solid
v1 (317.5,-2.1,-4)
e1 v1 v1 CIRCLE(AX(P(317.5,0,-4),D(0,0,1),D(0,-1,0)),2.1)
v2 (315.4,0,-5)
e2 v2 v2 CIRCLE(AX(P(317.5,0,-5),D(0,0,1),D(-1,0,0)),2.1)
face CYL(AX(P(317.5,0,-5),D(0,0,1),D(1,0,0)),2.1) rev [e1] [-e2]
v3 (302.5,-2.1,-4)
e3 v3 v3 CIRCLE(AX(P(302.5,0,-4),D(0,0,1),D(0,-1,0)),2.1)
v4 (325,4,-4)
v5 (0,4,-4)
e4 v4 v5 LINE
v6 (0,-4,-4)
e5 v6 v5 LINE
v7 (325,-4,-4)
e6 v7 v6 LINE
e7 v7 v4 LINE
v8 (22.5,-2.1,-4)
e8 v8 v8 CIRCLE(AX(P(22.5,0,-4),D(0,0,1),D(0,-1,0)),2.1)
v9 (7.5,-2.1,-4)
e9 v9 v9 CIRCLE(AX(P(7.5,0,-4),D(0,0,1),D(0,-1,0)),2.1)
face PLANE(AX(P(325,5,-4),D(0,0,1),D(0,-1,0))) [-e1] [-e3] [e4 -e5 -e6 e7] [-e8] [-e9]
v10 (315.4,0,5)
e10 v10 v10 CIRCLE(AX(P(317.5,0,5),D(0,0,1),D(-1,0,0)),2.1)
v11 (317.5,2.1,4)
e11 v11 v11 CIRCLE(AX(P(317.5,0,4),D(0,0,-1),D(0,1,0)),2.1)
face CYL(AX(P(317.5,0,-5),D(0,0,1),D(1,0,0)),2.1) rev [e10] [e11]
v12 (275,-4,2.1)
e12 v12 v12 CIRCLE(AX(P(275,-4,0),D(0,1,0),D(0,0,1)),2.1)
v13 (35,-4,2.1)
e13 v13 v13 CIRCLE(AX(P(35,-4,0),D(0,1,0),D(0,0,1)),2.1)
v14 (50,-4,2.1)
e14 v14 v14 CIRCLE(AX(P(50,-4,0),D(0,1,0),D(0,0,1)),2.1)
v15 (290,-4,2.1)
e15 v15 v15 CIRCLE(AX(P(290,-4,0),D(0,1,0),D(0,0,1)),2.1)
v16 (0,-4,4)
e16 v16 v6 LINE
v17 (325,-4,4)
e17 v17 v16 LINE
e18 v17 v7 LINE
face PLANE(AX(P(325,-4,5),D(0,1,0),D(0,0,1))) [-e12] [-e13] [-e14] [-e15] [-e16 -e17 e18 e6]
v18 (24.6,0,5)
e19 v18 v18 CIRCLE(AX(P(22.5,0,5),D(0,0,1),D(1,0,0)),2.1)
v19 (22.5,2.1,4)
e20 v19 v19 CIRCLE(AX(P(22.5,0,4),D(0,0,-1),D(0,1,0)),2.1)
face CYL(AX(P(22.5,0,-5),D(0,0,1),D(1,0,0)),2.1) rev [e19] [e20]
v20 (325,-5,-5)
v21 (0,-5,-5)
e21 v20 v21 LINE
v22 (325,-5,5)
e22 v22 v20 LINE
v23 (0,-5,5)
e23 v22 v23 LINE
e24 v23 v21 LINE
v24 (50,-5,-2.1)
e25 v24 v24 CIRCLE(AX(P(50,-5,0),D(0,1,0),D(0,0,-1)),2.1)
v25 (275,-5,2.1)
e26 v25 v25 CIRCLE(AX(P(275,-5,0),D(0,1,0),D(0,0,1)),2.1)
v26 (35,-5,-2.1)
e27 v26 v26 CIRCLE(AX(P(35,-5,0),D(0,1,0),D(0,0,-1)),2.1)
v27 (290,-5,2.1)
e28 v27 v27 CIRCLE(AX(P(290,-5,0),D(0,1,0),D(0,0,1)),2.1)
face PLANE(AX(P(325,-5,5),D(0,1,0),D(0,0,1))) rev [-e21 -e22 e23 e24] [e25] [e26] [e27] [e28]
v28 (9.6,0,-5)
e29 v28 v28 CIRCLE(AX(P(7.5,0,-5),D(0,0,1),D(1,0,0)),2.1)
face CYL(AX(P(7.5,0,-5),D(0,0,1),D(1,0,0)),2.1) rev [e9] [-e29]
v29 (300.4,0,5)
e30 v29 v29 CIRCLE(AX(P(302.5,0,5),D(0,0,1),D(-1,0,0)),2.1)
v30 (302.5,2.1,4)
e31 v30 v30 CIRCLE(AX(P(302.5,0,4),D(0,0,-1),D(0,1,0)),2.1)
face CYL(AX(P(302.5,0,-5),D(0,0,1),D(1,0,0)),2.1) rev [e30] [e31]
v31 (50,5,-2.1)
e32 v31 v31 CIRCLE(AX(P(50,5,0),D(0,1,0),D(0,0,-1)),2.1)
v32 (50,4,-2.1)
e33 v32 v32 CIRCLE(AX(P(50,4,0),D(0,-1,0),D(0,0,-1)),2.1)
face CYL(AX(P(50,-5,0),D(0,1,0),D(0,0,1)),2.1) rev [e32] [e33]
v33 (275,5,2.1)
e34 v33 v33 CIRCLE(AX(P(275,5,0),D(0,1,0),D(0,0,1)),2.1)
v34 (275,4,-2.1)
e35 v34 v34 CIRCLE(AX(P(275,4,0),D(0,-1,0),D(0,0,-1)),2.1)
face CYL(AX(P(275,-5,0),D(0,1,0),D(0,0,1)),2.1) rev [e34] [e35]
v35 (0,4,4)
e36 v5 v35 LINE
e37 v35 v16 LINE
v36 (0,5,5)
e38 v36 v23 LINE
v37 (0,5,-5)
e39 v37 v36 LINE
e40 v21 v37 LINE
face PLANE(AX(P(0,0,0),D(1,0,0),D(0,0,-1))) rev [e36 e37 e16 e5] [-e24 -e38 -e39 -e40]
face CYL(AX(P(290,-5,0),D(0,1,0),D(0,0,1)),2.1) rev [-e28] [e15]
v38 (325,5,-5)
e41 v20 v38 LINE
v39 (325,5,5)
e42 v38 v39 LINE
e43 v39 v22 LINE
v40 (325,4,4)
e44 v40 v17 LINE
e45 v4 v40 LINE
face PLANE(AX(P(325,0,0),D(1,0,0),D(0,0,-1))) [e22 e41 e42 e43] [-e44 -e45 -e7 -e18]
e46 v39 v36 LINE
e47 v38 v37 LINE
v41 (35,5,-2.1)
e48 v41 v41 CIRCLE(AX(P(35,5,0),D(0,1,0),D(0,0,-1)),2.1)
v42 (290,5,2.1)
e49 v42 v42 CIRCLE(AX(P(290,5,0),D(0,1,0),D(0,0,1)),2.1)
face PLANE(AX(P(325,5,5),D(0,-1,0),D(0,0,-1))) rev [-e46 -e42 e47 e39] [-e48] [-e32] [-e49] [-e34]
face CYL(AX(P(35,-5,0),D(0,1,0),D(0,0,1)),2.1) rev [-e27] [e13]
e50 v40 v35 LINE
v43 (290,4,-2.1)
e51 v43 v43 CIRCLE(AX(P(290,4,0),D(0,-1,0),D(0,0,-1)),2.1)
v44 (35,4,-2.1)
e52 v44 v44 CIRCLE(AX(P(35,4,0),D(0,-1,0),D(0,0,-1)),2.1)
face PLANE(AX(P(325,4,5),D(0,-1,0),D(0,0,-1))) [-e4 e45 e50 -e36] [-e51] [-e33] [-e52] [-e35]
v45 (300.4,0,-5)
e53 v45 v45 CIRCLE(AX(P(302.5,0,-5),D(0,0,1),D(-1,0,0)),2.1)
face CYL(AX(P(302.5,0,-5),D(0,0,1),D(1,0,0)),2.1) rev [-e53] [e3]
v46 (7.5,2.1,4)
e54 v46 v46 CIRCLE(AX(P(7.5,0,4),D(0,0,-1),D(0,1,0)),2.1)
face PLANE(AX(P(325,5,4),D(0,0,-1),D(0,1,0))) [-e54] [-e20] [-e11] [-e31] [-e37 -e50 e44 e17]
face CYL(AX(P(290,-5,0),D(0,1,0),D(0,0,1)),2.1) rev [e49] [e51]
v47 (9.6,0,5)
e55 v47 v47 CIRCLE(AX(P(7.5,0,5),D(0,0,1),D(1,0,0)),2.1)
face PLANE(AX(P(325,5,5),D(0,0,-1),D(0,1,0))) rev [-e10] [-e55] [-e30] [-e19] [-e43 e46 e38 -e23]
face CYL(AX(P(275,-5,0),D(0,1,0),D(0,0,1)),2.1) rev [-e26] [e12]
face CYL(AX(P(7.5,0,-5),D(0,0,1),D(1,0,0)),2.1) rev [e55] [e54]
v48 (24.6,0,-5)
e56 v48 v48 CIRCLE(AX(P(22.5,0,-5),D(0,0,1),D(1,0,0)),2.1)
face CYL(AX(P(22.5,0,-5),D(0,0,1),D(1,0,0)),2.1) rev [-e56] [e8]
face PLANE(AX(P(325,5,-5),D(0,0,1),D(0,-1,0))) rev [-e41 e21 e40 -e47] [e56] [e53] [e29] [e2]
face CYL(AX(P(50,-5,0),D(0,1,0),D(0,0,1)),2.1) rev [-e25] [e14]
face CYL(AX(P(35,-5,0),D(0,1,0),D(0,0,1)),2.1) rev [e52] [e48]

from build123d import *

# Parameters (mm, degrees)
SKETCH_1_W          = 10
SKETCH_1_H          = 10
SKETCH_1_W_2        = 8
SKETCH_1_H_2        = 8
EXTRUDE_1_DEPTH     = 325
SKETCH_2_R          = 2.1
CUT_EXTRUDE_1_DEPTH = 326.19225083
SKETCH_3_R          = 2.1
CUT_EXTRUDE_2_DEPTH = 326.19225083


with BuildPart() as part:
    # ｽｹｯﾁ1 → 押し出し-薄板1 (new body)
    with BuildSketch(Plane(origin=(0, 0, 0), x_dir=(0, 0, -1), z_dir=(1, 0, 0))):
        Rectangle(SKETCH_1_W, SKETCH_1_H)
        Rectangle(SKETCH_1_W_2, SKETCH_1_H_2, mode=Mode.SUBTRACT)
    extrude(amount=EXTRUDE_1_DEPTH)

    # ｽｹｯﾁ2 → ｶｯﾄ - 押し出し1 (cut, through all)
    with BuildSketch(Plane.XY.offset(5)):
        with Locations((22.5, 0)):
            Circle(SKETCH_2_R)
        with Locations((7.5, 0)):
            Circle(SKETCH_2_R)
        with Locations(Location((317.5, 0, 0), (0, 0, 90))):
            Circle(SKETCH_2_R)
        with Locations(Location((302.5, 0, 0), (0, 0, 90))):
            Circle(SKETCH_2_R)
    extrude(amount=-CUT_EXTRUDE_1_DEPTH, mode=Mode.SUBTRACT)

    # ｽｹｯﾁ3 → ｶｯﾄ - 押し出し2 (cut, through all)
    with BuildSketch(Plane(origin=(0, 5, 0), x_dir=(1, 0, 0), z_dir=(0, 1, 0))):
        with Locations(Location((275, 0, 0), (0, 0, 270))):
            Circle(SKETCH_3_R)
        with Locations(Location((290, 0, 0), (0, 0, 270))):
            Circle(SKETCH_3_R)
        with Locations(Location((35, 0, 0), (0, 0, 270))):
            Circle(SKETCH_3_R)
        with Locations(Location((50, 0, 0), (0, 0, 270))):
            Circle(SKETCH_3_R)
    extrude(amount=-CUT_EXTRUDE_2_DEPTH, mode=Mode.SUBTRACT)


solid = part.part
